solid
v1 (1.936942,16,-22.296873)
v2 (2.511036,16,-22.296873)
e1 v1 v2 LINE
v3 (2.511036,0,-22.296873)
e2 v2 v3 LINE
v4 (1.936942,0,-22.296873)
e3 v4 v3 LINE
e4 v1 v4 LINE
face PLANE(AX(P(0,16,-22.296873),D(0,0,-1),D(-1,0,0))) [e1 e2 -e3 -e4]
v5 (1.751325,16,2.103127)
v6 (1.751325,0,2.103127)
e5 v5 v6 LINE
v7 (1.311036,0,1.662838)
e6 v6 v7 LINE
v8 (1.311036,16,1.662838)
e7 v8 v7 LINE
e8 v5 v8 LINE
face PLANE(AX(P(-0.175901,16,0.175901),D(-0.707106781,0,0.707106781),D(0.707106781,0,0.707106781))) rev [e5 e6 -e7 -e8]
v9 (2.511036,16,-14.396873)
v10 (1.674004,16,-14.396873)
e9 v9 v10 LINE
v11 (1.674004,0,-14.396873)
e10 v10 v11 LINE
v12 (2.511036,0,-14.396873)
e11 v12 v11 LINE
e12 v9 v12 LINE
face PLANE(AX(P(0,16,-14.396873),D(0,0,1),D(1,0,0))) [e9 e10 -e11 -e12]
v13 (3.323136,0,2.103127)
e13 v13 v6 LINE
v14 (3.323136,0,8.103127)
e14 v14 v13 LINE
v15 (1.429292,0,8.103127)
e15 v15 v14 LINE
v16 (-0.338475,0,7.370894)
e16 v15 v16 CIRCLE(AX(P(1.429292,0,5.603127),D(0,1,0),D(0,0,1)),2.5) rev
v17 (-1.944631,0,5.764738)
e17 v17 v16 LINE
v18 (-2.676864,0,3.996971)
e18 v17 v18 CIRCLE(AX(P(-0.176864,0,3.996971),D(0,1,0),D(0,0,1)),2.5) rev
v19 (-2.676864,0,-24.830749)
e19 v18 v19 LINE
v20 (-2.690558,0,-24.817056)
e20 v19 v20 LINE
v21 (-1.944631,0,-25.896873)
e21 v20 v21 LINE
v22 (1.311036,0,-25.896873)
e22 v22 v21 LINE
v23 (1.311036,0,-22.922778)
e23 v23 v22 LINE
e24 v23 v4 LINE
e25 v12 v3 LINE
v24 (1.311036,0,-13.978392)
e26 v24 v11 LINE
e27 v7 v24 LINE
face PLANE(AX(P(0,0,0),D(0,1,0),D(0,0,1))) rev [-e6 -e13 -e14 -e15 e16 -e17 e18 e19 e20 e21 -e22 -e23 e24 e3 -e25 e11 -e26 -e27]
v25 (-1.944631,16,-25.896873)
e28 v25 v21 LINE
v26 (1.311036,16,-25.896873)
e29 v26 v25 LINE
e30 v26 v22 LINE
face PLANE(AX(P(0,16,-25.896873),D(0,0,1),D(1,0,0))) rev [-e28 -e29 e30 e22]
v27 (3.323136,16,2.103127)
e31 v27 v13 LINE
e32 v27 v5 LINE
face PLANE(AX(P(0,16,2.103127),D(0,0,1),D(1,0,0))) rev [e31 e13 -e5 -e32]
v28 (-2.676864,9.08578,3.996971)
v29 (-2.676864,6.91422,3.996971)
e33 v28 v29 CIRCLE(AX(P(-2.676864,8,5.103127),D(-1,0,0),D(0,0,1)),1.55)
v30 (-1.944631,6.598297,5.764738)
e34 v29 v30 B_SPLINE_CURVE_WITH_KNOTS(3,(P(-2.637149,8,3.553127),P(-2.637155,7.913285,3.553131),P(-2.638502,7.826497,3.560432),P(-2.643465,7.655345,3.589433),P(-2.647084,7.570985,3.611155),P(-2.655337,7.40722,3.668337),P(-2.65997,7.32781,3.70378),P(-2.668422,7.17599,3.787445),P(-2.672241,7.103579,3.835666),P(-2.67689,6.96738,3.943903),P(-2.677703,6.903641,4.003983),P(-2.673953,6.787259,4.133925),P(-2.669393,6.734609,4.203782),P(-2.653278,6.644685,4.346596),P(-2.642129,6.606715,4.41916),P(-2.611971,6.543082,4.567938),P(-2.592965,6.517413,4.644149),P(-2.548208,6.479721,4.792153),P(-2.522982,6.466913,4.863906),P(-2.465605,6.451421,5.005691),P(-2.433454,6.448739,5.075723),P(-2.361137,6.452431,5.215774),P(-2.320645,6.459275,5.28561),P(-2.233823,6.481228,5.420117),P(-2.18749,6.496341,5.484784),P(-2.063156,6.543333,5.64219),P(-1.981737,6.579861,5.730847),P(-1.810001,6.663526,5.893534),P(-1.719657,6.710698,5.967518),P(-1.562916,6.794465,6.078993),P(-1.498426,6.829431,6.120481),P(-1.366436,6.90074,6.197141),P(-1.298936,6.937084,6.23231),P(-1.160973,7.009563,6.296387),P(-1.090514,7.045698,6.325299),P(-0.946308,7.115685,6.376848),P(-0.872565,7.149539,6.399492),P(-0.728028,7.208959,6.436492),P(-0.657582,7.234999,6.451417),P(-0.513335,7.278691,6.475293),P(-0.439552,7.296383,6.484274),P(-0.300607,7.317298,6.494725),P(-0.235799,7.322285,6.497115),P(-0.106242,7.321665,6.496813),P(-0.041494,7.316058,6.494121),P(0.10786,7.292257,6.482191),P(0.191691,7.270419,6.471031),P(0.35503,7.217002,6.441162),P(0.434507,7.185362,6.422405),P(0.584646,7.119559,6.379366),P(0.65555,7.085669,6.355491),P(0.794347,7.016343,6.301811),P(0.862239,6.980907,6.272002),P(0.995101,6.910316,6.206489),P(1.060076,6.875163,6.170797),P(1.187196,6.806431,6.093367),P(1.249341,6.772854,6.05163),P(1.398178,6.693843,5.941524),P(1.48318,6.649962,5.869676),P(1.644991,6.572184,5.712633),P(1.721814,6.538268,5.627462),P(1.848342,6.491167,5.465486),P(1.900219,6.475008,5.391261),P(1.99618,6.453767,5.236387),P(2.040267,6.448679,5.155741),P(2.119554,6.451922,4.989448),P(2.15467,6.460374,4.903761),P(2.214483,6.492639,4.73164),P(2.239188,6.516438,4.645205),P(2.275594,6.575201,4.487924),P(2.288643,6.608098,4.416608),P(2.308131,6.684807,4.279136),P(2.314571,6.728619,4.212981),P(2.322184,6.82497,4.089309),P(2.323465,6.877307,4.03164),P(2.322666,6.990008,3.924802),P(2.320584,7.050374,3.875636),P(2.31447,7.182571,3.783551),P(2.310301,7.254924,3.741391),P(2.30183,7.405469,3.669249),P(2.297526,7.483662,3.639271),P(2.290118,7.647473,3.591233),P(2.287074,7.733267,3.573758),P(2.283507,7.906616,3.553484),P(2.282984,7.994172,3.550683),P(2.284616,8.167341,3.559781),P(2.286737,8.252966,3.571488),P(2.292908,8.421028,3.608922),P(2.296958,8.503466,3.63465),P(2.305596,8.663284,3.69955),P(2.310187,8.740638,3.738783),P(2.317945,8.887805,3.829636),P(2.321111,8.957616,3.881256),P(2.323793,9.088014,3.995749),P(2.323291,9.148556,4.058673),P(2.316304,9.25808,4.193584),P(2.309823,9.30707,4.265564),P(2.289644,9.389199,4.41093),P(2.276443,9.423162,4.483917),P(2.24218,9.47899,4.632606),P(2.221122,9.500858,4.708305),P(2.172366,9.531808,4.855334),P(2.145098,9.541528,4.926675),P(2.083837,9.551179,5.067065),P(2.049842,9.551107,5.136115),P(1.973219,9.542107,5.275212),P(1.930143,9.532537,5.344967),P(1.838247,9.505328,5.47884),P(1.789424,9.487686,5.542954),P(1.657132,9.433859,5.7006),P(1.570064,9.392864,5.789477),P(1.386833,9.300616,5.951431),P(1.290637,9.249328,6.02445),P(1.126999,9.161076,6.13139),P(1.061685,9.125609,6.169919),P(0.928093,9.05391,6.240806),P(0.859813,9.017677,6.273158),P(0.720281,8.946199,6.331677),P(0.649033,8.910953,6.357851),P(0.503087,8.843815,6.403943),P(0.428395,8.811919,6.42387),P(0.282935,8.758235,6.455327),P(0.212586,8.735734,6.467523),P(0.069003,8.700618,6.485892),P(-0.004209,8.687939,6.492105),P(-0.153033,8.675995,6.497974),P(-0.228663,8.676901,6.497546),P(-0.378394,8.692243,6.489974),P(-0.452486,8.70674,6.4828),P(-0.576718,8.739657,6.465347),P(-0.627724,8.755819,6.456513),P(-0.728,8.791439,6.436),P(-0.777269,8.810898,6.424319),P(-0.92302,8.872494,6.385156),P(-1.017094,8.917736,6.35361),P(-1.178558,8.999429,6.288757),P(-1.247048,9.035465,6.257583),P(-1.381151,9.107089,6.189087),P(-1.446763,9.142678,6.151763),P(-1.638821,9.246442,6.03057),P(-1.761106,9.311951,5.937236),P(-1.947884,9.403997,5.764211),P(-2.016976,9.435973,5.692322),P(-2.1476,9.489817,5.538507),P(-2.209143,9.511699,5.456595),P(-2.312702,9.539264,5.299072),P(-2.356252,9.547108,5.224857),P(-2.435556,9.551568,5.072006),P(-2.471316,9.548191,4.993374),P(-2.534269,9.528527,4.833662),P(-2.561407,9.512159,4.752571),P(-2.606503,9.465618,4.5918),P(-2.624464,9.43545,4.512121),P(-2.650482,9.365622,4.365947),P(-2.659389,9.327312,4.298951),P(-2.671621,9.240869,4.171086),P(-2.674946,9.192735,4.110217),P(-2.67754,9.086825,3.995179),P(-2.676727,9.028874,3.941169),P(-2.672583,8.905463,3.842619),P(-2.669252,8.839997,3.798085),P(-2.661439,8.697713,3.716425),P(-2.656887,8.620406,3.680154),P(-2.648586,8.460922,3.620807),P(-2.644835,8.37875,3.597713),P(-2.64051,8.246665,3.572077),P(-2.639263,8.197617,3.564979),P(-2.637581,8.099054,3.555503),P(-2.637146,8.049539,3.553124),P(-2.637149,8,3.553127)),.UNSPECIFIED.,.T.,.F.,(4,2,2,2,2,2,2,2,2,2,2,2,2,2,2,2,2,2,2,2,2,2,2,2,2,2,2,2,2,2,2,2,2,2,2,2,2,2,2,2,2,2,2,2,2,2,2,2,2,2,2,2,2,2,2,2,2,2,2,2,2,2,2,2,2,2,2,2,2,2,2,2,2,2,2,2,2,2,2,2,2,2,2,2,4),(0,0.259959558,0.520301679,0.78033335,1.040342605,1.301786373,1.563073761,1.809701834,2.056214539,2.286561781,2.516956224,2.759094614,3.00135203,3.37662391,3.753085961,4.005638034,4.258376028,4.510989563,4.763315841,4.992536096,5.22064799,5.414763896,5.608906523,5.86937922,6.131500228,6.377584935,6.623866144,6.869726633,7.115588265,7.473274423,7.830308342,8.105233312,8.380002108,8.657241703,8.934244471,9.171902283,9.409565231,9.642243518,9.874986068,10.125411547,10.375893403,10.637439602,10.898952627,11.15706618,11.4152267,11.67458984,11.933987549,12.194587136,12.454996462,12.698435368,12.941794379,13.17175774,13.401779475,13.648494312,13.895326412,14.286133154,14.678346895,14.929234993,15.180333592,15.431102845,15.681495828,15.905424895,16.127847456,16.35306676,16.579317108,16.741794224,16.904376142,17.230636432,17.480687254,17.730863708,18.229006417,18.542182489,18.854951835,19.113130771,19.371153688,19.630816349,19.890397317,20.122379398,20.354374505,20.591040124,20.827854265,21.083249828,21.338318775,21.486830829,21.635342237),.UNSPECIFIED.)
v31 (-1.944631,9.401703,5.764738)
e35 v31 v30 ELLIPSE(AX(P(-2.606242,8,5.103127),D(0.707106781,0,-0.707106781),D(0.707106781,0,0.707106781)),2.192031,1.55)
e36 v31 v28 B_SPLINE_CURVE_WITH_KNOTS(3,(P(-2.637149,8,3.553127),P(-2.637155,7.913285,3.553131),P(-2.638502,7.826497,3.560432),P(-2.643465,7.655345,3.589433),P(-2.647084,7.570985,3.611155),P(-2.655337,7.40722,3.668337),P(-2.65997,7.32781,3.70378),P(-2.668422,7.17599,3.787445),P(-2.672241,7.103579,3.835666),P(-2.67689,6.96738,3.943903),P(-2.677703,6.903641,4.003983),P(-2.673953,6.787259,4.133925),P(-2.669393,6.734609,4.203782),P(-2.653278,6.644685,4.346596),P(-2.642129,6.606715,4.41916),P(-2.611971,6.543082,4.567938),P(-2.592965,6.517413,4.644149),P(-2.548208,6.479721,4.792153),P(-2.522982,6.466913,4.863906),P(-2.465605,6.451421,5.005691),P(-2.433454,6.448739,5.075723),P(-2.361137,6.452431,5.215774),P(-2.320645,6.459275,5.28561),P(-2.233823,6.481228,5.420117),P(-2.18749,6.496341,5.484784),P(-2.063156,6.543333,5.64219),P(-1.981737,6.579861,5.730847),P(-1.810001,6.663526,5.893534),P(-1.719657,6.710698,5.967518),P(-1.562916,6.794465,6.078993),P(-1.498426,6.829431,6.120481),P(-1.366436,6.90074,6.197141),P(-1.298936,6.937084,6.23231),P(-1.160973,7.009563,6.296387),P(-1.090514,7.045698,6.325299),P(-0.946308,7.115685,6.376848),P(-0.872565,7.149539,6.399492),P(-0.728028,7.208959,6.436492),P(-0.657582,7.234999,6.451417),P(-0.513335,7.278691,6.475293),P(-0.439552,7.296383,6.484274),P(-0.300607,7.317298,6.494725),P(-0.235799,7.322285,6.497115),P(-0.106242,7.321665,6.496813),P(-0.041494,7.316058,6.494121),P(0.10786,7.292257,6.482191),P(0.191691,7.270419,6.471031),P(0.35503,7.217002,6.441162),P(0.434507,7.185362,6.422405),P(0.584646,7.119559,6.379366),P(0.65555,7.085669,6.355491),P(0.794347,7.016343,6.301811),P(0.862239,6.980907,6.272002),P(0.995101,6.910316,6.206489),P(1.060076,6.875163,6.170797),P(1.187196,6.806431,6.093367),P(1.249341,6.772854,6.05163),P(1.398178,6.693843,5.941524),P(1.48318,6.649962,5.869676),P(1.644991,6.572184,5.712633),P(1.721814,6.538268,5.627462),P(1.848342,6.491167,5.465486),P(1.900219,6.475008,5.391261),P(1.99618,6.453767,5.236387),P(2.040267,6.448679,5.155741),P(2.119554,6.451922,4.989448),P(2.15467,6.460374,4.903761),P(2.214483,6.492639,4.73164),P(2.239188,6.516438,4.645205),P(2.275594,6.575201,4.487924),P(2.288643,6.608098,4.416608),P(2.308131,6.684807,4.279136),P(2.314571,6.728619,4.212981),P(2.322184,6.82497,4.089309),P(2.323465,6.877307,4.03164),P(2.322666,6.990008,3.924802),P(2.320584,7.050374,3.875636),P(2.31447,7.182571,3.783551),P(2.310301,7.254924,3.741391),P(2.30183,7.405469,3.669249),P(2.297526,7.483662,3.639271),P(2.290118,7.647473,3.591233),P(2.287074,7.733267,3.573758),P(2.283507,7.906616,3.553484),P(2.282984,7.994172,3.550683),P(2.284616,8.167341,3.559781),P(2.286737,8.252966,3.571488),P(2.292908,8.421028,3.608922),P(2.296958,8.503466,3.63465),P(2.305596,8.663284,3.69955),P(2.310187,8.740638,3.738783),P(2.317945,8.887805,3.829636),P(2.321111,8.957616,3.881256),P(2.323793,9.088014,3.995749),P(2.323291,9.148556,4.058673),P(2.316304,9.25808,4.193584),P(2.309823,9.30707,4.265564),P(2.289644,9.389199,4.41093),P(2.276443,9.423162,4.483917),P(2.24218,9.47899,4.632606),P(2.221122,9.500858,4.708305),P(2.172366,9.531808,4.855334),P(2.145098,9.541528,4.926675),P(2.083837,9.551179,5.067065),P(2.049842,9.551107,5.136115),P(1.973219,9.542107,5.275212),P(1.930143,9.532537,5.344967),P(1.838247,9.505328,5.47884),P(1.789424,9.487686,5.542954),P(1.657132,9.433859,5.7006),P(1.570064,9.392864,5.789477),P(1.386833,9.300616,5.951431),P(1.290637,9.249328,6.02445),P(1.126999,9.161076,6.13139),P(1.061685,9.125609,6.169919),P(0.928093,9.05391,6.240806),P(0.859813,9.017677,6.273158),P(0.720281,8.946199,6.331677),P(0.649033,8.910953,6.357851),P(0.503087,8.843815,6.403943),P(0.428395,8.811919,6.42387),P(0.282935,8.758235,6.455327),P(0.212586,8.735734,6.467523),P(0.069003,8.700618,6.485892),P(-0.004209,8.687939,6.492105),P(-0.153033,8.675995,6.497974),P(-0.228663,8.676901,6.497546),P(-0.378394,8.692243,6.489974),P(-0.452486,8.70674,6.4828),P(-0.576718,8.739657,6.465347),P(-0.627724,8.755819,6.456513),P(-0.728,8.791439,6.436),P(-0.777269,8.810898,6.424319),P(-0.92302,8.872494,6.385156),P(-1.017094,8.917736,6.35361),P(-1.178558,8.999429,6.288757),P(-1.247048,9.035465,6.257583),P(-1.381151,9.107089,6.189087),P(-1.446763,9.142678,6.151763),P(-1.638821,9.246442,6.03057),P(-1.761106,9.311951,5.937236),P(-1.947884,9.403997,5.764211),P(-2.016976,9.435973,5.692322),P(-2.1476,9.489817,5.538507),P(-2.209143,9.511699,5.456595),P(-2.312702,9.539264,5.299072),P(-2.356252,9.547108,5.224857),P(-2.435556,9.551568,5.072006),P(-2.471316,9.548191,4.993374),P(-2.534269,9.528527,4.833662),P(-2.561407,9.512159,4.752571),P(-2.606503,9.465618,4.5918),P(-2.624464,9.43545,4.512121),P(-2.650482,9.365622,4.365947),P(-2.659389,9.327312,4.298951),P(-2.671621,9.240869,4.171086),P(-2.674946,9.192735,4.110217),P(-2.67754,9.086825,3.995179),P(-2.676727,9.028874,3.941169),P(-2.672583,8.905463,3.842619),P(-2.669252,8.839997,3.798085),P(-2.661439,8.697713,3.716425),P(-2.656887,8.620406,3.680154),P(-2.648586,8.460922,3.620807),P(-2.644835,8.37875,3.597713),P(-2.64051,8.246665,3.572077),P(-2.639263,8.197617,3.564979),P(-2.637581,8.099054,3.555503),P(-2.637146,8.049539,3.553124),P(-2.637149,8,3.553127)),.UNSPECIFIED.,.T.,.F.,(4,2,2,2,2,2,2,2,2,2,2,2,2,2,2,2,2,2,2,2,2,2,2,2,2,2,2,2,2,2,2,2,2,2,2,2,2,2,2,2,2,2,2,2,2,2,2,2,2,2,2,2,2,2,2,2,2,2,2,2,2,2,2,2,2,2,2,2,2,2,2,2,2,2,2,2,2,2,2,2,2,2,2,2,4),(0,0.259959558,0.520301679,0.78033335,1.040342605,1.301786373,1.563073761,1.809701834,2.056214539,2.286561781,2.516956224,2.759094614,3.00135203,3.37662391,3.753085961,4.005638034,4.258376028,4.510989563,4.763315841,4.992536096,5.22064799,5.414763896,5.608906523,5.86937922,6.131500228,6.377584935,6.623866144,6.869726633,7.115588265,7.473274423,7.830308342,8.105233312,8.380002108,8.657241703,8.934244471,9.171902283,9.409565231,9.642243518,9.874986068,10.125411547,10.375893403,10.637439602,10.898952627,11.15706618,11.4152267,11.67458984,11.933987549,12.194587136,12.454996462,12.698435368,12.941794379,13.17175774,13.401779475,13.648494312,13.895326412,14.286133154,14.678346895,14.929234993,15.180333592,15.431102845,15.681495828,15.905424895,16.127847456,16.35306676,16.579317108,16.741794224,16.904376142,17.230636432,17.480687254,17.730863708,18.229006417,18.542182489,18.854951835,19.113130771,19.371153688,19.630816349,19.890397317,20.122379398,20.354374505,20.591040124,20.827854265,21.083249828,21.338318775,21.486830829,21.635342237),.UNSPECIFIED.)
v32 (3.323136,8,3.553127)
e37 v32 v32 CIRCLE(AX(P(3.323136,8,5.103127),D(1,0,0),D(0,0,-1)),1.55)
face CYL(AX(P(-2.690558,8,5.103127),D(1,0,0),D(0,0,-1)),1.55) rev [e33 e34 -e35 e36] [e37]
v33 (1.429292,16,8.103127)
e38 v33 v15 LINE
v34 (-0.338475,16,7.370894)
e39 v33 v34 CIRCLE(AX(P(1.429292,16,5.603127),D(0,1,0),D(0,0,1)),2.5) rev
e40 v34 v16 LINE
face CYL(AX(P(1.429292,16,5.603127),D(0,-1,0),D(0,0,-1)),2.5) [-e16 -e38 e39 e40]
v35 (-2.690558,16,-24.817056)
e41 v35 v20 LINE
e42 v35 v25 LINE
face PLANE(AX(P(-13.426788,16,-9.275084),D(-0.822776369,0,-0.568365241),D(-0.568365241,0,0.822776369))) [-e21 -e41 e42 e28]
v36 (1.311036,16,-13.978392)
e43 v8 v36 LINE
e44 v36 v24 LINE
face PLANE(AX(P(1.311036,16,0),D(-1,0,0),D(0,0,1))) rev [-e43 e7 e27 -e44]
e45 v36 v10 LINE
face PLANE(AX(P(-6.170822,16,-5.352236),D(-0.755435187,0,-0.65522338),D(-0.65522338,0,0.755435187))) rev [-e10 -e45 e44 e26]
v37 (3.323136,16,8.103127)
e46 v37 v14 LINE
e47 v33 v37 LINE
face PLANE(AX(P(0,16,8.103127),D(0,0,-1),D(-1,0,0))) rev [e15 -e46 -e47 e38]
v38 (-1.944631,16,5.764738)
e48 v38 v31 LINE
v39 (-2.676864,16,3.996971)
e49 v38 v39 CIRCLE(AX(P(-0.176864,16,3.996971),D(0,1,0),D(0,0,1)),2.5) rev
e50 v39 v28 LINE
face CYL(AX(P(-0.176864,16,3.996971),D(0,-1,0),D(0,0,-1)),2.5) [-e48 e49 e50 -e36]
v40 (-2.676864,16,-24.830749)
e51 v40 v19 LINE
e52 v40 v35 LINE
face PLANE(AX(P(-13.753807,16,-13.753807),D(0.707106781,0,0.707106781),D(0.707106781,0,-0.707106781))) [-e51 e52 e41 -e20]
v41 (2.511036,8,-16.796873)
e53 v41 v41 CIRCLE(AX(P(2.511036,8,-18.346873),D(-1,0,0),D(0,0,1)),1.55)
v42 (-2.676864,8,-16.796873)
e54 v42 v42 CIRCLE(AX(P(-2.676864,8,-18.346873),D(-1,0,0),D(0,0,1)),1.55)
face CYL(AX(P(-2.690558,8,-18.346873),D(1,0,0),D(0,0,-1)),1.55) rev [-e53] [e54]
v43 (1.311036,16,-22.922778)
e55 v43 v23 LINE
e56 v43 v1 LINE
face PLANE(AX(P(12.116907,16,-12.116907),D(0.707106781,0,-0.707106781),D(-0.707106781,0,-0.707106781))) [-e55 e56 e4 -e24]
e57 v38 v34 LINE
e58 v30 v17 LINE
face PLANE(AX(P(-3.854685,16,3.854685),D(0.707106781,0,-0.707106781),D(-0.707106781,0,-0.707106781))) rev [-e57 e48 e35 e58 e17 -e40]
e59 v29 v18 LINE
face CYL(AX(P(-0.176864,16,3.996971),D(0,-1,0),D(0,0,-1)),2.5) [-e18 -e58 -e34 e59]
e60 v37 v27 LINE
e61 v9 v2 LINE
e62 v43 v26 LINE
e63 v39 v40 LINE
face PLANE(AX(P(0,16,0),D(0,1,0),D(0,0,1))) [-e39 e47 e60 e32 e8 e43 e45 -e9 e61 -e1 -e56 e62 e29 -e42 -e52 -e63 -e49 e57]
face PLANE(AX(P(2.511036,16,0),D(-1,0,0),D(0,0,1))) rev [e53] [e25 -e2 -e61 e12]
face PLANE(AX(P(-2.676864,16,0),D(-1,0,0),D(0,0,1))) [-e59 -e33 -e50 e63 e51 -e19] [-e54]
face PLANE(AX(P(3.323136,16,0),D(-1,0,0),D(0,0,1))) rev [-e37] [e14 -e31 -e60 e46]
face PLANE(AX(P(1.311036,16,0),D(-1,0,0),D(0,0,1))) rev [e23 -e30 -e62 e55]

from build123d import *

# Parameters (mm, degrees)
EXTRUDE_1_DEPTH          = 16
CUT_EXTRUDE_1_DEPTH      = 31.882108434
CUT_EXTRUDE_1_DEPTH_BACK = 31.882108434
SKETCH_2_R               = 1.55


with BuildPart() as part:
    # ｽｹｯﾁ1 → ﾎﾞｽ - 押し出し1 (new body)
    with BuildSketch(Plane(origin=(0, 0, 0), x_dir=(1, 0, 0), z_dir=(0, 1, 0))):
        with BuildLine():
            Line((1.311036439, 22.922778474), (1.311036439, 25.896873144))
            Line((1.311036439, 25.896873144), (-1.944631198, 25.896873144))
            Line((-1.944631198, 25.896873144), (-2.690557808, 24.817055549))
            Line((-2.690557808, 24.817055549), (-2.676864245, 24.830749112))
            Line((-2.676864245, 24.830749112), (-2.676864245, 17.239005736))
            Line((-2.676864245, 17.239005736), (-2.676864245, -3.996970874))
            ThreePointArc((-2.676864245, -3.996970874), (-2.486563076, -4.953679455), (-1.944631198, -5.764737827))
            Line((-1.944631198, -5.764737827), (-0.338475216, -7.370893809))
            ThreePointArc((-0.338475216, -7.370893809), (0.472583156, -7.912825688), (1.429291737, -8.103126856))
            Line((1.429291737, -8.103126856), (3.323135755, -8.103126856))
            Line((3.323135755, -8.103126856), (3.323135755, -2.103126856))
            Line((3.323135755, -2.103126856), (1.751325003, -2.103126856))
            Line((1.751325003, -2.103126856), (1.311036439, -1.662838292))
            Line((1.311036439, -1.662838292), (1.311036439, 13.978392046))
            Line((1.311036439, 13.978392046), (1.674004174, 14.396873144))
            Line((1.674004174, 14.396873144), (2.511036439, 14.396873144))
            Line((2.511036439, 14.396873144), (2.511036439, 22.296873144))
            Line((2.511036439, 22.296873144), (1.936941769, 22.296873144))
            Line((1.936941769, 22.296873144), (1.311036439, 22.922778474))
        make_face()
    extrude(amount=EXTRUDE_1_DEPTH)

    # ｽｹｯﾁ2 → ｶｯﾄ - 押し出し1 (cut, two sides: drawn at the far end of the back side and taken through both)
    with BuildSketch(Plane(origin=(2.511036439, 0, 0), x_dir=(0, 0, -1), z_dir=(1, 0, 0)).offset(-CUT_EXTRUDE_1_DEPTH_BACK)):
        with Locations(Location((18.346873144, 8, 0), (0, 0, 180))):
            Circle(SKETCH_2_R)
        with Locations((-5.103126856, 8)):
            Circle(SKETCH_2_R)
    extrude(amount=CUT_EXTRUDE_1_DEPTH + CUT_EXTRUDE_1_DEPTH_BACK, mode=Mode.SUBTRACT)


solid = part.part
